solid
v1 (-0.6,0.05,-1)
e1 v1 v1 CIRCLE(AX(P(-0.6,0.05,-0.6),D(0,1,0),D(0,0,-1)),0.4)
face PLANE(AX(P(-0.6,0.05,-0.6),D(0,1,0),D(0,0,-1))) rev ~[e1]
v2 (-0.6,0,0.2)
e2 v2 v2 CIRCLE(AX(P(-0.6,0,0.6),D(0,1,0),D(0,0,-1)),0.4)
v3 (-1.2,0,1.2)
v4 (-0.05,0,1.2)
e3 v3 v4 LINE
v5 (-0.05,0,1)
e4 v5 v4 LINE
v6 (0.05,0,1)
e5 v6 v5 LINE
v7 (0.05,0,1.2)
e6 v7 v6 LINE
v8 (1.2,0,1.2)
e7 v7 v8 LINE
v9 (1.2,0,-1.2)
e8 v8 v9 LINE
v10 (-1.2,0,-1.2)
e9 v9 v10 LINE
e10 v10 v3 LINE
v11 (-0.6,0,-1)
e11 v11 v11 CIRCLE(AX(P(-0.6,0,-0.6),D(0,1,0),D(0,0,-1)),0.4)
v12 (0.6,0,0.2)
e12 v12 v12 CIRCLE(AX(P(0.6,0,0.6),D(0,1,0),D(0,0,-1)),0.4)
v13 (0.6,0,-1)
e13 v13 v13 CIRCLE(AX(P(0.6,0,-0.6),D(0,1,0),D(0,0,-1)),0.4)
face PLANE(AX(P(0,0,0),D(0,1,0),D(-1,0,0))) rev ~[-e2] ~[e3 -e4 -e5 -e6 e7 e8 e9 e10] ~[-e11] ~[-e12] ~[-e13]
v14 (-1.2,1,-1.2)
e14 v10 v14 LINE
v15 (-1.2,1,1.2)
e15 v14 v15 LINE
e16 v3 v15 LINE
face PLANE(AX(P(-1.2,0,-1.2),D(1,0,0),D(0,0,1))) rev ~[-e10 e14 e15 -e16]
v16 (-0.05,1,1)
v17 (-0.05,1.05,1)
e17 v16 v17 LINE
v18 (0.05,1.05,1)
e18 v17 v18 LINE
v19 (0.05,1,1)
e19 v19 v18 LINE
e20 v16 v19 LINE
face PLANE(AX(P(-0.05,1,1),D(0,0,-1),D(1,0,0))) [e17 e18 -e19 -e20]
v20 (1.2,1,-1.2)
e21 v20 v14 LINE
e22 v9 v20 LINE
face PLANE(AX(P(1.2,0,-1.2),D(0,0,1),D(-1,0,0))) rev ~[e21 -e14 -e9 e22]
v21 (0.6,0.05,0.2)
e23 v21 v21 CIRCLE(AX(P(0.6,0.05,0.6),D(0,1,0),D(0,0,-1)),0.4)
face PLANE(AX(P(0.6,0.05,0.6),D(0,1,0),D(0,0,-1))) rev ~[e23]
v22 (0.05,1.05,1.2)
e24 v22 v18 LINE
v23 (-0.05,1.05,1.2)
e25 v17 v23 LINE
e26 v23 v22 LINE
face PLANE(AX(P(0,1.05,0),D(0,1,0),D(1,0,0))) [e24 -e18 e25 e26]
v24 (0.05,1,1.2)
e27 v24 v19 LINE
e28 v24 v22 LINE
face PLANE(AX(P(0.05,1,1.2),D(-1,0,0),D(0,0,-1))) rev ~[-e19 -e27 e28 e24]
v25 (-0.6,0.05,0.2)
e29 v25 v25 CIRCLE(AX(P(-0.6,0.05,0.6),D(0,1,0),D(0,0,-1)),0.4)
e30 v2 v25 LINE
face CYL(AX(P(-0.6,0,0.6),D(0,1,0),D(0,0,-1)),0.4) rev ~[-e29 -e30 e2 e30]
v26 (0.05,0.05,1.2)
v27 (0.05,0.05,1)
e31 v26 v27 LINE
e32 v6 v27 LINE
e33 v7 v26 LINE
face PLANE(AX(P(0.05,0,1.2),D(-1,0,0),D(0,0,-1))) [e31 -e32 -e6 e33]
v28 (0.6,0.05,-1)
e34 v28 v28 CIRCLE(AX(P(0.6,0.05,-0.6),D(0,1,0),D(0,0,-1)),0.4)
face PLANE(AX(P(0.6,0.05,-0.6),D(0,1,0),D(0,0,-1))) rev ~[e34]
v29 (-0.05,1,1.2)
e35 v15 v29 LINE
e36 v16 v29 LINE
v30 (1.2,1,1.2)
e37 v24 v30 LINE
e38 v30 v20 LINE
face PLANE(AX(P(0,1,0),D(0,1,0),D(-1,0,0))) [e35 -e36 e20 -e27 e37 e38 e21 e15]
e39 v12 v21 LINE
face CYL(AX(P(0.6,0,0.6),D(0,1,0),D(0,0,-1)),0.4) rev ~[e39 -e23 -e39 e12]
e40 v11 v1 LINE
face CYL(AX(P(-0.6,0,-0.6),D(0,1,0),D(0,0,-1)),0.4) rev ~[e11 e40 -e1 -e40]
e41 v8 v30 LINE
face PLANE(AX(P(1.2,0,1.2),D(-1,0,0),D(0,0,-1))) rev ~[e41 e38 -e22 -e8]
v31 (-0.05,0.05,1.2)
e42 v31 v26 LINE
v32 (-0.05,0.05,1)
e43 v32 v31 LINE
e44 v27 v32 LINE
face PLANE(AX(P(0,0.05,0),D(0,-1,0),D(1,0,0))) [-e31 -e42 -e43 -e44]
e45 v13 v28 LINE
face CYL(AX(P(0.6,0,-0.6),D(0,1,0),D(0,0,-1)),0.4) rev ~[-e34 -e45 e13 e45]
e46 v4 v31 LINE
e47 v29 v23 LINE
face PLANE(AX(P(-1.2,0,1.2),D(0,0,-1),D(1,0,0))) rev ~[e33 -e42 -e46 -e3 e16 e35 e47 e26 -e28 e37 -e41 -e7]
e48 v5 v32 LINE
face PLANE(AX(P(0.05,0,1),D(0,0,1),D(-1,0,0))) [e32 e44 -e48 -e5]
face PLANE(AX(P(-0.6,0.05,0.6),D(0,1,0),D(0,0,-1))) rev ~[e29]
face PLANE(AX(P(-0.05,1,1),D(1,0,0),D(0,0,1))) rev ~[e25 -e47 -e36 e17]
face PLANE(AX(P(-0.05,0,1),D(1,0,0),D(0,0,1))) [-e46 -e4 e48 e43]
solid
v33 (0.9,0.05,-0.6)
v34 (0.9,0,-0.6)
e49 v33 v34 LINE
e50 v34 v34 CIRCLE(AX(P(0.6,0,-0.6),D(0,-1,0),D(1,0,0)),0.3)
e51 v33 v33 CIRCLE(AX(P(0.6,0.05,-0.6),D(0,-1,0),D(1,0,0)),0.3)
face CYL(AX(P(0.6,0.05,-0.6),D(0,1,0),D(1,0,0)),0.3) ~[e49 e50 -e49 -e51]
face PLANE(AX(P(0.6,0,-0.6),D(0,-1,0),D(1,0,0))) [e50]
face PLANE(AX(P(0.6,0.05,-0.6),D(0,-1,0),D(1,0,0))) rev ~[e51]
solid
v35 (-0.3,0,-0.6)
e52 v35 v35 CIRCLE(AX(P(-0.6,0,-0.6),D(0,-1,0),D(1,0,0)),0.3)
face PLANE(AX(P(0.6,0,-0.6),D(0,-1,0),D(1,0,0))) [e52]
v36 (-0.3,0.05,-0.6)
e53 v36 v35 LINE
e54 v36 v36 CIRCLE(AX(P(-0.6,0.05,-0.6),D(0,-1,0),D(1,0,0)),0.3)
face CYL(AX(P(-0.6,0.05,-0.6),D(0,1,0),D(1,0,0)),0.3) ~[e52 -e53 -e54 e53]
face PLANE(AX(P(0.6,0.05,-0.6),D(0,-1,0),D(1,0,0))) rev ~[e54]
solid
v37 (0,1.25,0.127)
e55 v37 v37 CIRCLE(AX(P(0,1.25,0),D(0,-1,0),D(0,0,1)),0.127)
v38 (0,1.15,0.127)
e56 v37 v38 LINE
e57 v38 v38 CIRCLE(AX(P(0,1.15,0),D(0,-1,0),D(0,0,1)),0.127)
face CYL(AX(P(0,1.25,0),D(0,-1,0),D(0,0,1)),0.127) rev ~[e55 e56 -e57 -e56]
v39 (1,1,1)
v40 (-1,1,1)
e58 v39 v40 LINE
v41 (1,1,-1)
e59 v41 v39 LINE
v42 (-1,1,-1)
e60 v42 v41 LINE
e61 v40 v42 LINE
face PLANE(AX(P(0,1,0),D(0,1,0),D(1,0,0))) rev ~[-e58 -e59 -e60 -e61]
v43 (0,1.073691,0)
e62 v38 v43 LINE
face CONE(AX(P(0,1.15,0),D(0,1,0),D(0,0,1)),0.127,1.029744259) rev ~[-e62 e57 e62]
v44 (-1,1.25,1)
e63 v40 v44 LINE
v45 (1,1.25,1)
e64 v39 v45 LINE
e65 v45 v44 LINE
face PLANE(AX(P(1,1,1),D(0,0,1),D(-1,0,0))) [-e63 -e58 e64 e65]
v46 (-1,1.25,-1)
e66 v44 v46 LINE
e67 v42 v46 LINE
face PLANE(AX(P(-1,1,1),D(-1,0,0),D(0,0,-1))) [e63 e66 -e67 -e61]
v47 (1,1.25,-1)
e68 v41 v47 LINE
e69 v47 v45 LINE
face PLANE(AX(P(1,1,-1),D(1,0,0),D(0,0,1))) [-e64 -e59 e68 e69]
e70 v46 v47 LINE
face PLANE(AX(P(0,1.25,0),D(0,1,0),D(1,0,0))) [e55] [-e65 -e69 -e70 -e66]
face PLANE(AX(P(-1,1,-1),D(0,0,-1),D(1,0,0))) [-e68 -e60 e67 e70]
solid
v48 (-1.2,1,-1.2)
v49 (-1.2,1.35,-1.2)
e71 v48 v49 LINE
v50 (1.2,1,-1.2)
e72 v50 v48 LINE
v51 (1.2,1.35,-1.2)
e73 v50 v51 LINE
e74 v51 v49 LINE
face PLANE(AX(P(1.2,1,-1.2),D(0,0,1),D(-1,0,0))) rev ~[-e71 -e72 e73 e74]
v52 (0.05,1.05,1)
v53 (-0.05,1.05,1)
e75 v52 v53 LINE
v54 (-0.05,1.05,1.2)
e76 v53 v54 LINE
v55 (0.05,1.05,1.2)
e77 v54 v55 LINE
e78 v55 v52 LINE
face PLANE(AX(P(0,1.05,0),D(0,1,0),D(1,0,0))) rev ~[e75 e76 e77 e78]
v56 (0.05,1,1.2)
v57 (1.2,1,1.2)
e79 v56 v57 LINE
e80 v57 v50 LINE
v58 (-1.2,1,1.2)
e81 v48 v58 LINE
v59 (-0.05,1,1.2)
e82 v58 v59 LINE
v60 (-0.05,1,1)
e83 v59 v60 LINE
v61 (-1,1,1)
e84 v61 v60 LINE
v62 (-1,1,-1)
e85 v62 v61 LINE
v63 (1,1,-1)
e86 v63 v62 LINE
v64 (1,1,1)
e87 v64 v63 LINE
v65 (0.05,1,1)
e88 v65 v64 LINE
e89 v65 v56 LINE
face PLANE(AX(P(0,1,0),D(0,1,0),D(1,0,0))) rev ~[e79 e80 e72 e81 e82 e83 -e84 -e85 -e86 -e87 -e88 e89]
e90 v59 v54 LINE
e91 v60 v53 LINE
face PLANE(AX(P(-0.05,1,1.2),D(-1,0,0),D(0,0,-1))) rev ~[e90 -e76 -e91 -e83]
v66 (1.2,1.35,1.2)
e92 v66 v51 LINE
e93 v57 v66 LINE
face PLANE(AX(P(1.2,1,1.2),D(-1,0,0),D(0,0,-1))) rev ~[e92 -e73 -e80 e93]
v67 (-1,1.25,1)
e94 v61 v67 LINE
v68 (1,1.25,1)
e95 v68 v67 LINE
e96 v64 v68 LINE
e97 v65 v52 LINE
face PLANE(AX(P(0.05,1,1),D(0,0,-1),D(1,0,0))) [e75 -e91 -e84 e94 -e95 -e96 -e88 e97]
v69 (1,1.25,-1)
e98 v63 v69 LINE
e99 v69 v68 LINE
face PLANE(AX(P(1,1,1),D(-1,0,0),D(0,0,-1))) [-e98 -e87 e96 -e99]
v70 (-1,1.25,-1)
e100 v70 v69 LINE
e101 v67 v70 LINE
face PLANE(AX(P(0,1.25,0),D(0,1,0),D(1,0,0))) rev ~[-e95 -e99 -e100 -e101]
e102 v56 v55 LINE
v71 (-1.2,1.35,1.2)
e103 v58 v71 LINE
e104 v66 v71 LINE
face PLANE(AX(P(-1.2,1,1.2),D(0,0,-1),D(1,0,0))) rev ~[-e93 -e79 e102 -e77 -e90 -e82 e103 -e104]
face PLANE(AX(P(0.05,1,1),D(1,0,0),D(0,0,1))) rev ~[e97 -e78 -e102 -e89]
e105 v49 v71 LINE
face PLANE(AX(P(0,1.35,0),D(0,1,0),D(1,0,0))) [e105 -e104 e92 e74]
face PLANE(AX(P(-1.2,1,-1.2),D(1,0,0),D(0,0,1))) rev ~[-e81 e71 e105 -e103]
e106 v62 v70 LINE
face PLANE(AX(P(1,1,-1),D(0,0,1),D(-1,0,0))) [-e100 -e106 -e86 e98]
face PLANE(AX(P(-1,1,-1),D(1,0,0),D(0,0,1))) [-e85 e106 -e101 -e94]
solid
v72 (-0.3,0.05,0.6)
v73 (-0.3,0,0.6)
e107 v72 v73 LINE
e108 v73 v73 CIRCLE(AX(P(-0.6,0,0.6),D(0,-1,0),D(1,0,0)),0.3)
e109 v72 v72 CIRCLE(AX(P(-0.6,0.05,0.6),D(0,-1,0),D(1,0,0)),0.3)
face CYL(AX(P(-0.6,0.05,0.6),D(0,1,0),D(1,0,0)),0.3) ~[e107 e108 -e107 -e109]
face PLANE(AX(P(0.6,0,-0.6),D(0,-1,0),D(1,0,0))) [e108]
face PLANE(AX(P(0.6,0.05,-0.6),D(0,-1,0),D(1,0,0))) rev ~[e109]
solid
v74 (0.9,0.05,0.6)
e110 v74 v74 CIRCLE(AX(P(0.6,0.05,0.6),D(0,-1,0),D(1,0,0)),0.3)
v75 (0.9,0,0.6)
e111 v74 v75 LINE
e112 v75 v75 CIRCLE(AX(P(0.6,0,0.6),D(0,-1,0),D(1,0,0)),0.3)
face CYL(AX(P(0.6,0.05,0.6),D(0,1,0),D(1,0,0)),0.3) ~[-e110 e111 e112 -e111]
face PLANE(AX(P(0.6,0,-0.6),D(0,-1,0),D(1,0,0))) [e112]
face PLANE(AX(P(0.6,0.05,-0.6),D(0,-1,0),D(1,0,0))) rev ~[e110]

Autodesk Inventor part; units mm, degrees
ref_plane "YZ Plane" through (0, 0, 0) normal (1, 0, 0) x (0, 1, 0)
ref_plane "XZ Plane" through (0, 0, 0) normal (0, 1, 0) x (-1, 0, 0)
ref_plane "XY Plane" through (0, 0, 0) normal (0, 0, 1) x (1, 0, 0)
sketch "Sketch1" plane through (0, 0, 0) normal (0, 1, 0) x (-1, 0, 0)
  line L0 (1.2, 1.2) -> (-1.2, 1.2)
  line L1 (-1.2, 1.2) -> (-1.2, -1.2)
  line L2 (-1.2, -1.2) -> (1.2, -1.2)
  line L3 (1.2, -1.2) -> (1.2, 1.2)
  line L4 (1.2, 1.2) -> (-1.2, -1.2) construction
  line L5 (-1.2, 1.2) -> (1.2, -1.2) construction
  point P0 (0, 0)
  dimension "d0" = 2.4
  dimension "d1" = 2.4
extrude "Extrusion1" add sketch "Sketch1" along normal blind 1
sketch "Sketch2" plane through (0, 1, 0) normal (0, 1, 0) x (1, 0, 0)
  line L0 (1, -1) -> (-1, -1)
  line L1 (-1, -1) -> (-1, 1)
  line L2 (-1, 1) -> (1, 1)
  line L3 (1, 1) -> (1, -1)
  line L4 (1, -1) -> (-1, 1) construction
  line L5 (-1, -1) -> (1, 1) construction
  point P0 (0, 0)
  dimension "d4" = 2
  dimension "d5" = 2
extrude "Extrusion2" add sketch "Sketch2" along normal blind 0.25 separate body
sketch "Sketch8" plane through (0, 1, 0) normal (0, 1, 0) x (1, 0, 0)
  line L0 (-1.2, -1.2) -> (1.2, -1.2) projected
  line L1 (1.2, -1.2) -> (1.2, 1.2) projected
  line L2 (1.2, 1.2) -> (-1.2, 1.2) projected
  line L3 (-1.2, 1.2) -> (-1.2, -1.2) projected
  line L4 (-1, -1) -> (1, -1) projected
  line L5 (-0.05, -1.2) -> (0.05, -1.2)
  line L6 (0.05, -1.2) -> (0.05, -1)
  line L7 (0.05, -1) -> (-0.05, -1)
  line L8 (-0.05, -1) -> (-0.05, -1.2)
  point P0 (0, 0)
  point P1 (0, -1)
  dimension "d35" = 0.1
  dimension "d36" = 0.05
extrude "Extrusion6" add sketch "Sketch8" along normal blind 0.05 contours L8 L4 L6 L0 bodies 1
sketch "Sketch3" plane through (0, 1, 0) normal (0, 1, 0) x (1, 0, 0)
  line L0 (-1.2, -1.2) -> (-0.05, -1.2) projected
  line L1 (1.2, -1.2) -> (1.2, 1.2) projected
  line L2 (1.2, 1.2) -> (-1.2, 1.2) projected
  line L3 (-1.2, 1.2) -> (-1.2, -1.2) projected
  line L4 (-1, -1) -> (1, -1) projected
  line L5 (1, -1) -> (1, 1) projected
  line L6 (1, 1) -> (-1, 1) projected
  line L7 (-1, 1) -> (-1, -1) projected
  line L8 (0.05, -1) -> (0.05, -1.2) projected
  line L9 (0.05, -1.2) -> (1.2, -1.2) projected
  line L10 (-0.05, -1.2) -> (-0.05, -1) projected
  line L11 (-0.05, -1) -> (0.05, -1) projected
  point P0 (0, 0)
extrude "Extrusion3" add sketch "Sketch3" along normal blind 0.35 separate body contours L3 L2 L1 L9 L8 L4 L5 L6 L7 L10 L0
sketch "Sketch9" plane through (0, 1.05, 0) normal (0, 1, 0) x (1, 0, 0)
  point P0 (0, 0)
sketch "Sketch10" plane through (0, 1.35, 0) normal (0, 1, 0) x (1, 0, 0)
  line L0 (-0.05, -1.2) -> (0.05, -1.2) projected
  line L1 (0.05, -1.2) -> (0.05, -1) projected
  line L2 (0.05, -1) -> (-0.05, -1) projected
  line L3 (-0.05, -1) -> (-0.05, -1.2) projected
  point P0 (0, 0)
extrude "Extrusion7" add sketch "Sketch10" against normal up to surface (0.3 mm away) bodies 3
sketch "Sketch5" plane through (0, 1.25, 0) normal (0, 1, 0) x (1, 0, 0)
  point P0 (0, 0)
  point P1 (0, 0)
hole "Hole1" at (0, 1.25, 0) direction (0, -1, 0) diameter 0.254 depth 0.1 tip angle 118 bodies 2
sketch "Sketch4" plane through (0, 1.35, 0) normal (0, 1, 0) x (1, 0, 0)
  line L0 (-1, -1) -> (-1, 1) projected
  line L1 (-1, 1) -> (1, 1) projected
  line L2 (1, 1) -> (1, -1) projected
  line L3 (1, -1) -> (-1, -1) projected
  line L4 (1.2, -1.2) -> (1.2, 1.2) projected
  line L5 (1.2, 1.2) -> (-1.2, 1.2) projected
  line L6 (-1.2, 1.2) -> (-1.2, -1.2) projected
  line L7 (-1.2, -1.2) -> (1.2, -1.2) projected
  point P0 (0, 0)
extrude "Extrusion4" add sketch "Sketch4" against normal up to surface (0.1 mm away) contours L0 L1 L2 L3 bodies 3
sketch "Sketch6" plane through (0, 0, 0) normal (0, -1, 0) x (1, 0, 0)
  line L0 (0.6, 0.6) -> (-0.6, 0.6)
  line L1 (-0.6, 0.6) -> (-0.6, -0.6)
  line L2 (-0.6, -0.6) -> (0.6, -0.6)
  line L3 (0.6, -0.6) -> (0.6, 0.6)
  line L4 (0.6, 0.6) -> (-0.6, -0.6) construction
  line L5 (-0.6, 0.6) -> (0.6, -0.6) construction
  point P0 (0, 0)
  point P1 (0, 0)
  point P2 (0, 0)
  dimension "d19" = 1.2
  dimension "d20" = 1.2
hole "Hole2" at (0.6, 0, -0.6) at (-0.6, 0, -0.6) at (0.6, 0, 0.6) at (-0.6, 0, 0.6) direction (0, 1, 0) diameter 0.8 depth 0.05 bodies 1
sketch "Sketch11" plane through (0, 0, 0) normal (0, -1, 0) x (1, 0, 0)
  circle A0 centre (0.6, -0.6) radius 0.4 projected
  circle A1 centre (-0.6, -0.6) radius 0.4 projected
  circle A2 centre (0.6, 0.6) radius 0.4 projected
  line L0 (-1.2, 1.2) -> (1.2, 1.2) projected
  line L1 (-1.2, -1.2) -> (-1.2, 1.2) projected
  line L2 (1.2, -1.2) -> (-1.2, -1.2) projected
  line L3 (1.2, 1.2) -> (1.2, -1.2) projected
  line L4 (-0.05, 1.2) -> (0.05, 1.2)
  line L5 (0.05, 1.2) -> (0.05, 1)
  line L6 (0.05, 1) -> (-0.05, 1)
  line L7 (-0.05, 1) -> (-0.05, 1.2)
  point P0 (0, 0)
  point P1 (0, 1.2)
  dimension "d41" = 0.1
  dimension "d42" = 0.2
  dimension "d43" = 0.05
extrude "Extrusion8" cut sketch "Sketch11" against normal blind 0.05 contours L0 L5 L6 L7 bodies 1
sketch "Sketch12" plane through (0.6, 0.05, -0.6) normal (0, -1, 0) x (1, 0, 0)
  circle A0 centre (0, 0) radius 0.4 projected
  circle A1 centre (-1.2, 0) radius 0.4 projected
  circle A2 centre (0, 1.2) radius 0.4 projected
  circle A3 centre (-1.2, 1.2) radius 0.4 projected
  circle A4 centre (0, 0) radius 0.3
  circle A5 centre (-1.2, 0) radius 0.3
  circle A6 centre (-1.2, 1.2) radius 0.3
  circle A7 centre (0, 1.2) radius 0.3
  dimension "d46" = 0.6
extrude "Extrusion9" add sketch "Sketch12" along normal up to surface (0.05 mm away) separate body contours A4 | A5 | A6 | A7
properties part number "13360-30xxVE" material "ABS Plastic"
